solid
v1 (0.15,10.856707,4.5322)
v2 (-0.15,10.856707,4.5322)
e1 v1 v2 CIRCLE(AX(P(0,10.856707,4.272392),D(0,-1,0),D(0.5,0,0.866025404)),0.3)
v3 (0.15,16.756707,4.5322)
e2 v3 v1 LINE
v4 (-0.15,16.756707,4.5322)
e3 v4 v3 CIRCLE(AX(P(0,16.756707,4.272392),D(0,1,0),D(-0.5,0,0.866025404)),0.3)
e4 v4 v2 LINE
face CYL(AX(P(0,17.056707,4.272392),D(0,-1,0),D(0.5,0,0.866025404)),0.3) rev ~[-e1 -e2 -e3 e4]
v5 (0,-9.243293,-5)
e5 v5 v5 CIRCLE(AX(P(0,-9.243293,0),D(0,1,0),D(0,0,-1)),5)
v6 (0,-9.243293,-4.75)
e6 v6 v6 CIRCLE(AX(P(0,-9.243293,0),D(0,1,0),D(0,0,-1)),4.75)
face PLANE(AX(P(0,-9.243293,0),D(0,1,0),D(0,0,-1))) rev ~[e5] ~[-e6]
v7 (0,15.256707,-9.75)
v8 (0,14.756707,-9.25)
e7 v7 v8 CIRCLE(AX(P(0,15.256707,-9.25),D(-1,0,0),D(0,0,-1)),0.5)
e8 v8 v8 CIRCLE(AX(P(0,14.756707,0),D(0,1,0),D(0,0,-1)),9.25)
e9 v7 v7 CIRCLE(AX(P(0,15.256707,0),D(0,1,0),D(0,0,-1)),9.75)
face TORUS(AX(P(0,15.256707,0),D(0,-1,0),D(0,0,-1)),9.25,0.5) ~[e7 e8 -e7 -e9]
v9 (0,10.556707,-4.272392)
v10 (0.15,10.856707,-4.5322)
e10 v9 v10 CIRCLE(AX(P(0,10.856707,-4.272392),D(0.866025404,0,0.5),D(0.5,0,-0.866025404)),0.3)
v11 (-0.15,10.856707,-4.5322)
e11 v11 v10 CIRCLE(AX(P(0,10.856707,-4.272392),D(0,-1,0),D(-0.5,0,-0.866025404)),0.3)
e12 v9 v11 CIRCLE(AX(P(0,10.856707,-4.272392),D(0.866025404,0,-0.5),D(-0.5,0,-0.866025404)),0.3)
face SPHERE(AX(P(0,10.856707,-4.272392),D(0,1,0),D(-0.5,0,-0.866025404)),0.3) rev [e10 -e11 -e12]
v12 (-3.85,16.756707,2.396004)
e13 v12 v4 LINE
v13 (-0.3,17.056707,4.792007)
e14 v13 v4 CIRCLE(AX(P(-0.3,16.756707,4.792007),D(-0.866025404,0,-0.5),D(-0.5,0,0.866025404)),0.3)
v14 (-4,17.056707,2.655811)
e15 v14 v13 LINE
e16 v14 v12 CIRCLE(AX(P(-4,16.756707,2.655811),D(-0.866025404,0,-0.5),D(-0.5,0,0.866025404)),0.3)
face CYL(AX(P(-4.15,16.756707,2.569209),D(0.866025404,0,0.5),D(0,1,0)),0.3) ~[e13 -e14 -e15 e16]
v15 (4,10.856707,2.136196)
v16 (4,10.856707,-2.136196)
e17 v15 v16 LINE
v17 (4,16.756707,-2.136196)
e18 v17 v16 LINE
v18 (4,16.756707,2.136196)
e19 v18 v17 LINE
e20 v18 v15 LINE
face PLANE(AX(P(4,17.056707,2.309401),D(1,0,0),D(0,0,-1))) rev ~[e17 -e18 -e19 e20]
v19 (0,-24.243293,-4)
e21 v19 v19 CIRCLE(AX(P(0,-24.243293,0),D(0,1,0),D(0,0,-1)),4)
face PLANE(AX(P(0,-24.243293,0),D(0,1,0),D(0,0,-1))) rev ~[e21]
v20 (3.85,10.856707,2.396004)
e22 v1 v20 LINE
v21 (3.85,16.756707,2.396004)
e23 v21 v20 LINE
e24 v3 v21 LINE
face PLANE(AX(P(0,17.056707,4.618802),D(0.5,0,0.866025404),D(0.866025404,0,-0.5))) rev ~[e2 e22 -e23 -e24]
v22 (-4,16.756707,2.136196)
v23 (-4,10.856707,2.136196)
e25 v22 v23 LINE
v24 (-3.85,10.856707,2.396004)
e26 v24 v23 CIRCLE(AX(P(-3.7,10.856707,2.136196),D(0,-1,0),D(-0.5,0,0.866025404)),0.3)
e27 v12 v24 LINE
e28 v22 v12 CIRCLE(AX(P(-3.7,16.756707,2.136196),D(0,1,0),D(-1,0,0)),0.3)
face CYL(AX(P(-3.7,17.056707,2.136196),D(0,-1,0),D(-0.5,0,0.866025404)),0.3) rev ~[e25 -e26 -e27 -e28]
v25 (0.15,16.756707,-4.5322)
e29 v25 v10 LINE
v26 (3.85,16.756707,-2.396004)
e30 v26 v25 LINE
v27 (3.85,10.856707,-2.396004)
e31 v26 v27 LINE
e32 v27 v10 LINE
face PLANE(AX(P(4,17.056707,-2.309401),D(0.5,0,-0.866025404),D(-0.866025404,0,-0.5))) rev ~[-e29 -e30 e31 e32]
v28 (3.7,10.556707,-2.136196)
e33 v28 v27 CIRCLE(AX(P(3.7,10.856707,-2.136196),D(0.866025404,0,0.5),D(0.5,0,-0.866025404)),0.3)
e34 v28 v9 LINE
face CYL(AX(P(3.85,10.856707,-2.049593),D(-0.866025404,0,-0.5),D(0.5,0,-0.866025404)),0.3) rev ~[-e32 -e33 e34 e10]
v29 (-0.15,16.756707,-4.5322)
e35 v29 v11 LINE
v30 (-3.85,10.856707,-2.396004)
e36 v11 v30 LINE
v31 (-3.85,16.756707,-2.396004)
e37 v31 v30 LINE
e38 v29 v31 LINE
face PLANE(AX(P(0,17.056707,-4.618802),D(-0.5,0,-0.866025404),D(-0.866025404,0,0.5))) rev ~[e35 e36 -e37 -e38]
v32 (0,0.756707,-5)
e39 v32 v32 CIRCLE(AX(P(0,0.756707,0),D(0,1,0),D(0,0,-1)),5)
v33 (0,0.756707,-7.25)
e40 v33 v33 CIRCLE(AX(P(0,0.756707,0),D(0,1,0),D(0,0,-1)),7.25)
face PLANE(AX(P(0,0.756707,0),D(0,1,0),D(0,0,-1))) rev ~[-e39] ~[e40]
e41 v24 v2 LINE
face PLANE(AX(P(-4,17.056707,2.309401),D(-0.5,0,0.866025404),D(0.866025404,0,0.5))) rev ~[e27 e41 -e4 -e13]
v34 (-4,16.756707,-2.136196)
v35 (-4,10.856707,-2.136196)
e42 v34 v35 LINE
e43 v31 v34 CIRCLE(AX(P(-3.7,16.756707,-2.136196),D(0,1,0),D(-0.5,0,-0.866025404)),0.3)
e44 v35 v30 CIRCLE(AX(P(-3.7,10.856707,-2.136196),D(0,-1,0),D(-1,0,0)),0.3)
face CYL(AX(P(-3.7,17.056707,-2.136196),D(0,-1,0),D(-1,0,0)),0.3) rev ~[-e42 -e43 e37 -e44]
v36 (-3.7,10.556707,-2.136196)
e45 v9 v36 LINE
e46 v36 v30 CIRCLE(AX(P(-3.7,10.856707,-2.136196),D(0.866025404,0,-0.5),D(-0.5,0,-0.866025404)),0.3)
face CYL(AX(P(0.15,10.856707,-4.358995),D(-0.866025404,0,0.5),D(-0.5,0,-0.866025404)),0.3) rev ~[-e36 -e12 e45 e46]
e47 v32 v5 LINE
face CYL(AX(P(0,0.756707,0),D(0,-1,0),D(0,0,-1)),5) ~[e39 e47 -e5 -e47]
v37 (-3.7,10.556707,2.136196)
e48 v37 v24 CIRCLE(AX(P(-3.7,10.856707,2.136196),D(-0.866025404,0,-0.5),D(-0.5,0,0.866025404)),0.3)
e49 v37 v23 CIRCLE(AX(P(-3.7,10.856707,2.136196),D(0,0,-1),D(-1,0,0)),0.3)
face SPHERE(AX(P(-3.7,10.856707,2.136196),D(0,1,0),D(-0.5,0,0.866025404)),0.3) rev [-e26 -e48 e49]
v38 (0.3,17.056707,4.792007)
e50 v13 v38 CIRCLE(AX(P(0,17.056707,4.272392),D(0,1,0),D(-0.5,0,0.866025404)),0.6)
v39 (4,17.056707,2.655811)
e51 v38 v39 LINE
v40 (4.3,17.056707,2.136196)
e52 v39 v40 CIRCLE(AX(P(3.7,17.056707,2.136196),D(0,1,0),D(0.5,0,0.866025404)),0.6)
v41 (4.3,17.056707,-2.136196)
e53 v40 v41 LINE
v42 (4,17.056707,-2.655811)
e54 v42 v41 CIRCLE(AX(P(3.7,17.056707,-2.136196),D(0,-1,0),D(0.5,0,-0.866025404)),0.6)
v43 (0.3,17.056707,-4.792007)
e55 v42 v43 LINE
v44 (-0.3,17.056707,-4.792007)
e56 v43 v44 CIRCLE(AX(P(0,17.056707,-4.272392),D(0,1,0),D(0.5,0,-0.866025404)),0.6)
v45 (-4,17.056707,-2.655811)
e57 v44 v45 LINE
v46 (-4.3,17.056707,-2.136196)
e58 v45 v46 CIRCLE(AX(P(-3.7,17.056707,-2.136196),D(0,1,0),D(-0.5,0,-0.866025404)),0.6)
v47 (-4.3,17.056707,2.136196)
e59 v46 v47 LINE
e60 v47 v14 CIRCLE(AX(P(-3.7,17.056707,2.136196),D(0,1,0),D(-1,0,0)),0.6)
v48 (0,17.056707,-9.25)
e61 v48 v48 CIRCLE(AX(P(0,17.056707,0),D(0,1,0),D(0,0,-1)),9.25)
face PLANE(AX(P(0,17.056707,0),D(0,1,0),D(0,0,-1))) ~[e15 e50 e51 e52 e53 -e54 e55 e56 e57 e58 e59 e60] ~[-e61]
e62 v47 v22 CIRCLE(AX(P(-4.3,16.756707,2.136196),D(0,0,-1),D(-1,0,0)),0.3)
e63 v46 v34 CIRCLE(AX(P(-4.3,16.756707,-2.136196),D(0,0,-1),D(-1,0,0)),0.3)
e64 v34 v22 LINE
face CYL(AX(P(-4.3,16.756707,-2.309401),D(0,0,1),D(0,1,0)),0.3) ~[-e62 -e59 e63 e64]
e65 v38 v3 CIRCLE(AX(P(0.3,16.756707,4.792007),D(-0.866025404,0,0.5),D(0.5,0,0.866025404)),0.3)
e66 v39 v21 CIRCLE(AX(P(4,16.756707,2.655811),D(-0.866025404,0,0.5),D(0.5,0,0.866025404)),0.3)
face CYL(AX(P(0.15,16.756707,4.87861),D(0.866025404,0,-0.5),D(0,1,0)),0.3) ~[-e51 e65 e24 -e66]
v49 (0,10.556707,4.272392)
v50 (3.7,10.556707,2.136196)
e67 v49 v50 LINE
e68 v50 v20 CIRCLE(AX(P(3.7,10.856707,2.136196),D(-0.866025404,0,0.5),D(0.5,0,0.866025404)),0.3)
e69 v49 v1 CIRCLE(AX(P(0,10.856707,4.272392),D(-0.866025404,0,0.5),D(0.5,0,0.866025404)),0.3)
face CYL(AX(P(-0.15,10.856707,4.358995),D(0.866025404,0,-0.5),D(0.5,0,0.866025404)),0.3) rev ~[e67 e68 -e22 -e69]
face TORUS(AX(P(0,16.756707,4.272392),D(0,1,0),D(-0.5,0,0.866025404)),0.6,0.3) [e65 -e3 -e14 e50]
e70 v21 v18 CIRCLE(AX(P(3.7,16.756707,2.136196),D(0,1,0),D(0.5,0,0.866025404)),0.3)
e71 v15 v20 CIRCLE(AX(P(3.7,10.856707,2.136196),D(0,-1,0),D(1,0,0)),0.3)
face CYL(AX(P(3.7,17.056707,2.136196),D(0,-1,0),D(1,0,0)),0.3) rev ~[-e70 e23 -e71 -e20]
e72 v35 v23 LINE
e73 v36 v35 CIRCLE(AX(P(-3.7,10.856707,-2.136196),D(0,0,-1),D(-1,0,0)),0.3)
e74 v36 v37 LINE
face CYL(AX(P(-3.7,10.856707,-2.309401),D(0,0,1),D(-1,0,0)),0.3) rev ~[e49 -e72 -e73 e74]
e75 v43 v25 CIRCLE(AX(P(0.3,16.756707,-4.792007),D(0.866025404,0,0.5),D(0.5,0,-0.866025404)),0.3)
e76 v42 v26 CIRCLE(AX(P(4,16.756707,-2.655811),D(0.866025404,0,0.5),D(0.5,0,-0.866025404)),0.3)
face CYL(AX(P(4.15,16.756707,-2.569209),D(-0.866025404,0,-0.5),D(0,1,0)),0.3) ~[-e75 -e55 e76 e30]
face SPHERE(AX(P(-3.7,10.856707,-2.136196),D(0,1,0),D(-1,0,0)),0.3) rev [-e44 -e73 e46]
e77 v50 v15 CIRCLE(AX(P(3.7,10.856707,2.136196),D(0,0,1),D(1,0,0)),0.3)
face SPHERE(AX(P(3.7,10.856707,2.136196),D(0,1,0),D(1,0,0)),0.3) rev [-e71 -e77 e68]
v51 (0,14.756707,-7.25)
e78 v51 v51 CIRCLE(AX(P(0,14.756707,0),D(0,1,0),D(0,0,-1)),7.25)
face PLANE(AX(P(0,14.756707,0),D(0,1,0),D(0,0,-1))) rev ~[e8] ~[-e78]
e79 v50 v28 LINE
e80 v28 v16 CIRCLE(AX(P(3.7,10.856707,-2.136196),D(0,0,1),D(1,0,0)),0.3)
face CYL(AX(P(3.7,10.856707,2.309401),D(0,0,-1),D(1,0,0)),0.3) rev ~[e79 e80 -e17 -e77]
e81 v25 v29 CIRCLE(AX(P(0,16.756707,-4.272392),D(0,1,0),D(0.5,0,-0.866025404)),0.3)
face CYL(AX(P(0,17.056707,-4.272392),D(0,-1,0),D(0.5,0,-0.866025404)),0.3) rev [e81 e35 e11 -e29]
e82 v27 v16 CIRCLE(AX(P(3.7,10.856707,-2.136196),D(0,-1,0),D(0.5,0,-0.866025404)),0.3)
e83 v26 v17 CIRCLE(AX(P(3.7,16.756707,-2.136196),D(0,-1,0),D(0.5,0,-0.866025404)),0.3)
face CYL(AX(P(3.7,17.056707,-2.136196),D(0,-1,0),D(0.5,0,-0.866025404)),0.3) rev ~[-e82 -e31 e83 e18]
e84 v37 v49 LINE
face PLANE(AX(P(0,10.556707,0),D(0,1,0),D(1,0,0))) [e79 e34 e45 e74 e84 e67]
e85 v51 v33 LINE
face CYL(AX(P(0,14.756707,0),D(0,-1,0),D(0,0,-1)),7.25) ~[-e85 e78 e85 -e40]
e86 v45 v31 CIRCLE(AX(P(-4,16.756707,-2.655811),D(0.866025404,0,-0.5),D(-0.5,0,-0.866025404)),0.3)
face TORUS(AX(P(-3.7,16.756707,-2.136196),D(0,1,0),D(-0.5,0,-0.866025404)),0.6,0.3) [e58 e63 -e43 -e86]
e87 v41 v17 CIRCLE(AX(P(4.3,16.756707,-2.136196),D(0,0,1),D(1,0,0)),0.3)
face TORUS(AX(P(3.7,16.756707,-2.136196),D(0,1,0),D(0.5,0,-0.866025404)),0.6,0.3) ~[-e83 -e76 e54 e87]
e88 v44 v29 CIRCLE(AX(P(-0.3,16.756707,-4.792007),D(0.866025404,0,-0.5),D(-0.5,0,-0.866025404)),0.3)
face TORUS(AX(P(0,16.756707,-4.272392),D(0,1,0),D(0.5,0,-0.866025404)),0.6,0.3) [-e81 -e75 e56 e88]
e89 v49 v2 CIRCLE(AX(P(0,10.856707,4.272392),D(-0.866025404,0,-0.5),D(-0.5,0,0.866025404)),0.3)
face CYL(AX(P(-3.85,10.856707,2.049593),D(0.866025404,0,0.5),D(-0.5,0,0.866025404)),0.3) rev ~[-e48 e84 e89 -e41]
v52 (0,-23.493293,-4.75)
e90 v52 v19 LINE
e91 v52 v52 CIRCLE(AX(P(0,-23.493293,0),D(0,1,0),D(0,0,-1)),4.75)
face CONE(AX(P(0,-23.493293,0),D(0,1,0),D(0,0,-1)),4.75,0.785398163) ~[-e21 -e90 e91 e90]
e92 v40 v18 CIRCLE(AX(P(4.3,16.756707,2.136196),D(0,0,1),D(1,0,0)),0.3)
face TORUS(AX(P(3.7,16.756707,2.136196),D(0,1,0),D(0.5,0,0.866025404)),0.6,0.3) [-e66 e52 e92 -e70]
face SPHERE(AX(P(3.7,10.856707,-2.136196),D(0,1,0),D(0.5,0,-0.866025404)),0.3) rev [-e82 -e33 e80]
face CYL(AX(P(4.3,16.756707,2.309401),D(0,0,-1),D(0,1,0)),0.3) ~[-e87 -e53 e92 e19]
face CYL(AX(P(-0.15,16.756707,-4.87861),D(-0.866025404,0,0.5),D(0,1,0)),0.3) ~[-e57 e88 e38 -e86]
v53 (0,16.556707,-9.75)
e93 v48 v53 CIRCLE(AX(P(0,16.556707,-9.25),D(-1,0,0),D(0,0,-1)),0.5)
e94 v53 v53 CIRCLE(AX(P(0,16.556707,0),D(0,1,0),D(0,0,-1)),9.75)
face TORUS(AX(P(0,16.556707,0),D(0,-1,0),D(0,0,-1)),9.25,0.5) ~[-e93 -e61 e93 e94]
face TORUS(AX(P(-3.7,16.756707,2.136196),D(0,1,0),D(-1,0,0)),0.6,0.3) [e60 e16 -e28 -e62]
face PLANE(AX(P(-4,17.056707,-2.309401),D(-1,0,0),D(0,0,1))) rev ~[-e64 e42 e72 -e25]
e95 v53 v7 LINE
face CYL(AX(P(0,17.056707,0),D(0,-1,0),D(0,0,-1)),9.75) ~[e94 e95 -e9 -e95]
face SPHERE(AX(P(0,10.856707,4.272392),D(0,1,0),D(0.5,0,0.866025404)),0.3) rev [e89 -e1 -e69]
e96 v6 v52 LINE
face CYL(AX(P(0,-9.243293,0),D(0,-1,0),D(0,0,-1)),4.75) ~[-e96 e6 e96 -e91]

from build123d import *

# Parameters (mm, degrees)
FILETE1_R             = 0.5
CORTE_EXTRUS_O1_DEPTH = 6.5
FILETE2_R             = 0.3
CHANFRO1_SIZE         = 0.75


with BuildPart() as part:
    # Esboço1 → Revolução1 (revolve)
    with BuildSketch(Plane.XY, mode=Mode.PRIVATE) as revolu_o1_sk:
        Polygon((0, 17.056706853), (9.75, 17.056706853), (9.75, 14.756706853), (7.25, 14.756706853), (7.25, 0.756706853), (5, 0.756706853), (5, -9.243293147), (4.75, -9.243293147), (4.75, -24.243293147), (0, -24.243293147), align=None)
    revolve(revolu_o1_sk.sketch.rotate(Axis((0, -39.808803987, 0), (0, 1, 0)), 90), axis=Axis((0, -39.808803987, 0), (0, 1, 0)))

    # Filete1
    filete1_edges = [part.edges().sort_by_distance(p)[0] for p in [
        (0, 14.756706853, 9.75),
        (0, 17.056706853, 9.75),
    ]]
    fillet(filete1_edges, radius=FILETE1_R)

    # Esboço2 → Corte-extrusão1 (cut)
    with BuildSketch(Plane(origin=(0, 17.056706853, 0), x_dir=(1, 0, 0), z_dir=(0, 1, 0))):
        Polygon((0, 4.618802154), (-4, 2.309401077), (-4, -2.309401077), (0, -4.618802154), (4, -2.309401077), (4, 2.309401077), align=None)
    extrude(amount=-CORTE_EXTRUS_O1_DEPTH, mode=Mode.SUBTRACT)

    # Filete2
    filete2_edges = [part.edges().sort_by_distance(p)[0] for p in [
        (2, 10.556706853, -3.464101615),
        (0, 13.806706853, -4.618802154),
        (4, 10.556706853, 0),
        (4, 13.806706853, -2.309401077),
        (2, 10.556706853, 3.464101615),
        (4, 13.806706853, 2.309401077),
        (-2, 10.556706853, 3.464101615),
        (0, 13.806706853, 4.618802154),
        (-4, 10.556706853, 0),
        (-4, 13.806706853, 2.309401077),
        (-2, 10.556706853, -3.464101615),
        (-4, 13.806706853, -2.309401077),
        (2, 17.056706853, -3.464101615),
        (-2, 17.056706853, -3.464101615),
        (-4, 17.056706853, 0),
        (-2, 17.056706853, 3.464101615),
        (2, 17.056706853, 3.464101615),
        (4, 17.056706853, 0),
    ]]
    fillet(filete2_edges, radius=FILETE2_R)

    # Chanfro1
    chanfro1_edges = [part.edges().sort_by_distance(p)[0] for p in [
        (0, -24.243293147, 4.75),
    ]]
    chamfer(chanfro1_edges, length=CHANFRO1_SIZE)


solid = part.part
